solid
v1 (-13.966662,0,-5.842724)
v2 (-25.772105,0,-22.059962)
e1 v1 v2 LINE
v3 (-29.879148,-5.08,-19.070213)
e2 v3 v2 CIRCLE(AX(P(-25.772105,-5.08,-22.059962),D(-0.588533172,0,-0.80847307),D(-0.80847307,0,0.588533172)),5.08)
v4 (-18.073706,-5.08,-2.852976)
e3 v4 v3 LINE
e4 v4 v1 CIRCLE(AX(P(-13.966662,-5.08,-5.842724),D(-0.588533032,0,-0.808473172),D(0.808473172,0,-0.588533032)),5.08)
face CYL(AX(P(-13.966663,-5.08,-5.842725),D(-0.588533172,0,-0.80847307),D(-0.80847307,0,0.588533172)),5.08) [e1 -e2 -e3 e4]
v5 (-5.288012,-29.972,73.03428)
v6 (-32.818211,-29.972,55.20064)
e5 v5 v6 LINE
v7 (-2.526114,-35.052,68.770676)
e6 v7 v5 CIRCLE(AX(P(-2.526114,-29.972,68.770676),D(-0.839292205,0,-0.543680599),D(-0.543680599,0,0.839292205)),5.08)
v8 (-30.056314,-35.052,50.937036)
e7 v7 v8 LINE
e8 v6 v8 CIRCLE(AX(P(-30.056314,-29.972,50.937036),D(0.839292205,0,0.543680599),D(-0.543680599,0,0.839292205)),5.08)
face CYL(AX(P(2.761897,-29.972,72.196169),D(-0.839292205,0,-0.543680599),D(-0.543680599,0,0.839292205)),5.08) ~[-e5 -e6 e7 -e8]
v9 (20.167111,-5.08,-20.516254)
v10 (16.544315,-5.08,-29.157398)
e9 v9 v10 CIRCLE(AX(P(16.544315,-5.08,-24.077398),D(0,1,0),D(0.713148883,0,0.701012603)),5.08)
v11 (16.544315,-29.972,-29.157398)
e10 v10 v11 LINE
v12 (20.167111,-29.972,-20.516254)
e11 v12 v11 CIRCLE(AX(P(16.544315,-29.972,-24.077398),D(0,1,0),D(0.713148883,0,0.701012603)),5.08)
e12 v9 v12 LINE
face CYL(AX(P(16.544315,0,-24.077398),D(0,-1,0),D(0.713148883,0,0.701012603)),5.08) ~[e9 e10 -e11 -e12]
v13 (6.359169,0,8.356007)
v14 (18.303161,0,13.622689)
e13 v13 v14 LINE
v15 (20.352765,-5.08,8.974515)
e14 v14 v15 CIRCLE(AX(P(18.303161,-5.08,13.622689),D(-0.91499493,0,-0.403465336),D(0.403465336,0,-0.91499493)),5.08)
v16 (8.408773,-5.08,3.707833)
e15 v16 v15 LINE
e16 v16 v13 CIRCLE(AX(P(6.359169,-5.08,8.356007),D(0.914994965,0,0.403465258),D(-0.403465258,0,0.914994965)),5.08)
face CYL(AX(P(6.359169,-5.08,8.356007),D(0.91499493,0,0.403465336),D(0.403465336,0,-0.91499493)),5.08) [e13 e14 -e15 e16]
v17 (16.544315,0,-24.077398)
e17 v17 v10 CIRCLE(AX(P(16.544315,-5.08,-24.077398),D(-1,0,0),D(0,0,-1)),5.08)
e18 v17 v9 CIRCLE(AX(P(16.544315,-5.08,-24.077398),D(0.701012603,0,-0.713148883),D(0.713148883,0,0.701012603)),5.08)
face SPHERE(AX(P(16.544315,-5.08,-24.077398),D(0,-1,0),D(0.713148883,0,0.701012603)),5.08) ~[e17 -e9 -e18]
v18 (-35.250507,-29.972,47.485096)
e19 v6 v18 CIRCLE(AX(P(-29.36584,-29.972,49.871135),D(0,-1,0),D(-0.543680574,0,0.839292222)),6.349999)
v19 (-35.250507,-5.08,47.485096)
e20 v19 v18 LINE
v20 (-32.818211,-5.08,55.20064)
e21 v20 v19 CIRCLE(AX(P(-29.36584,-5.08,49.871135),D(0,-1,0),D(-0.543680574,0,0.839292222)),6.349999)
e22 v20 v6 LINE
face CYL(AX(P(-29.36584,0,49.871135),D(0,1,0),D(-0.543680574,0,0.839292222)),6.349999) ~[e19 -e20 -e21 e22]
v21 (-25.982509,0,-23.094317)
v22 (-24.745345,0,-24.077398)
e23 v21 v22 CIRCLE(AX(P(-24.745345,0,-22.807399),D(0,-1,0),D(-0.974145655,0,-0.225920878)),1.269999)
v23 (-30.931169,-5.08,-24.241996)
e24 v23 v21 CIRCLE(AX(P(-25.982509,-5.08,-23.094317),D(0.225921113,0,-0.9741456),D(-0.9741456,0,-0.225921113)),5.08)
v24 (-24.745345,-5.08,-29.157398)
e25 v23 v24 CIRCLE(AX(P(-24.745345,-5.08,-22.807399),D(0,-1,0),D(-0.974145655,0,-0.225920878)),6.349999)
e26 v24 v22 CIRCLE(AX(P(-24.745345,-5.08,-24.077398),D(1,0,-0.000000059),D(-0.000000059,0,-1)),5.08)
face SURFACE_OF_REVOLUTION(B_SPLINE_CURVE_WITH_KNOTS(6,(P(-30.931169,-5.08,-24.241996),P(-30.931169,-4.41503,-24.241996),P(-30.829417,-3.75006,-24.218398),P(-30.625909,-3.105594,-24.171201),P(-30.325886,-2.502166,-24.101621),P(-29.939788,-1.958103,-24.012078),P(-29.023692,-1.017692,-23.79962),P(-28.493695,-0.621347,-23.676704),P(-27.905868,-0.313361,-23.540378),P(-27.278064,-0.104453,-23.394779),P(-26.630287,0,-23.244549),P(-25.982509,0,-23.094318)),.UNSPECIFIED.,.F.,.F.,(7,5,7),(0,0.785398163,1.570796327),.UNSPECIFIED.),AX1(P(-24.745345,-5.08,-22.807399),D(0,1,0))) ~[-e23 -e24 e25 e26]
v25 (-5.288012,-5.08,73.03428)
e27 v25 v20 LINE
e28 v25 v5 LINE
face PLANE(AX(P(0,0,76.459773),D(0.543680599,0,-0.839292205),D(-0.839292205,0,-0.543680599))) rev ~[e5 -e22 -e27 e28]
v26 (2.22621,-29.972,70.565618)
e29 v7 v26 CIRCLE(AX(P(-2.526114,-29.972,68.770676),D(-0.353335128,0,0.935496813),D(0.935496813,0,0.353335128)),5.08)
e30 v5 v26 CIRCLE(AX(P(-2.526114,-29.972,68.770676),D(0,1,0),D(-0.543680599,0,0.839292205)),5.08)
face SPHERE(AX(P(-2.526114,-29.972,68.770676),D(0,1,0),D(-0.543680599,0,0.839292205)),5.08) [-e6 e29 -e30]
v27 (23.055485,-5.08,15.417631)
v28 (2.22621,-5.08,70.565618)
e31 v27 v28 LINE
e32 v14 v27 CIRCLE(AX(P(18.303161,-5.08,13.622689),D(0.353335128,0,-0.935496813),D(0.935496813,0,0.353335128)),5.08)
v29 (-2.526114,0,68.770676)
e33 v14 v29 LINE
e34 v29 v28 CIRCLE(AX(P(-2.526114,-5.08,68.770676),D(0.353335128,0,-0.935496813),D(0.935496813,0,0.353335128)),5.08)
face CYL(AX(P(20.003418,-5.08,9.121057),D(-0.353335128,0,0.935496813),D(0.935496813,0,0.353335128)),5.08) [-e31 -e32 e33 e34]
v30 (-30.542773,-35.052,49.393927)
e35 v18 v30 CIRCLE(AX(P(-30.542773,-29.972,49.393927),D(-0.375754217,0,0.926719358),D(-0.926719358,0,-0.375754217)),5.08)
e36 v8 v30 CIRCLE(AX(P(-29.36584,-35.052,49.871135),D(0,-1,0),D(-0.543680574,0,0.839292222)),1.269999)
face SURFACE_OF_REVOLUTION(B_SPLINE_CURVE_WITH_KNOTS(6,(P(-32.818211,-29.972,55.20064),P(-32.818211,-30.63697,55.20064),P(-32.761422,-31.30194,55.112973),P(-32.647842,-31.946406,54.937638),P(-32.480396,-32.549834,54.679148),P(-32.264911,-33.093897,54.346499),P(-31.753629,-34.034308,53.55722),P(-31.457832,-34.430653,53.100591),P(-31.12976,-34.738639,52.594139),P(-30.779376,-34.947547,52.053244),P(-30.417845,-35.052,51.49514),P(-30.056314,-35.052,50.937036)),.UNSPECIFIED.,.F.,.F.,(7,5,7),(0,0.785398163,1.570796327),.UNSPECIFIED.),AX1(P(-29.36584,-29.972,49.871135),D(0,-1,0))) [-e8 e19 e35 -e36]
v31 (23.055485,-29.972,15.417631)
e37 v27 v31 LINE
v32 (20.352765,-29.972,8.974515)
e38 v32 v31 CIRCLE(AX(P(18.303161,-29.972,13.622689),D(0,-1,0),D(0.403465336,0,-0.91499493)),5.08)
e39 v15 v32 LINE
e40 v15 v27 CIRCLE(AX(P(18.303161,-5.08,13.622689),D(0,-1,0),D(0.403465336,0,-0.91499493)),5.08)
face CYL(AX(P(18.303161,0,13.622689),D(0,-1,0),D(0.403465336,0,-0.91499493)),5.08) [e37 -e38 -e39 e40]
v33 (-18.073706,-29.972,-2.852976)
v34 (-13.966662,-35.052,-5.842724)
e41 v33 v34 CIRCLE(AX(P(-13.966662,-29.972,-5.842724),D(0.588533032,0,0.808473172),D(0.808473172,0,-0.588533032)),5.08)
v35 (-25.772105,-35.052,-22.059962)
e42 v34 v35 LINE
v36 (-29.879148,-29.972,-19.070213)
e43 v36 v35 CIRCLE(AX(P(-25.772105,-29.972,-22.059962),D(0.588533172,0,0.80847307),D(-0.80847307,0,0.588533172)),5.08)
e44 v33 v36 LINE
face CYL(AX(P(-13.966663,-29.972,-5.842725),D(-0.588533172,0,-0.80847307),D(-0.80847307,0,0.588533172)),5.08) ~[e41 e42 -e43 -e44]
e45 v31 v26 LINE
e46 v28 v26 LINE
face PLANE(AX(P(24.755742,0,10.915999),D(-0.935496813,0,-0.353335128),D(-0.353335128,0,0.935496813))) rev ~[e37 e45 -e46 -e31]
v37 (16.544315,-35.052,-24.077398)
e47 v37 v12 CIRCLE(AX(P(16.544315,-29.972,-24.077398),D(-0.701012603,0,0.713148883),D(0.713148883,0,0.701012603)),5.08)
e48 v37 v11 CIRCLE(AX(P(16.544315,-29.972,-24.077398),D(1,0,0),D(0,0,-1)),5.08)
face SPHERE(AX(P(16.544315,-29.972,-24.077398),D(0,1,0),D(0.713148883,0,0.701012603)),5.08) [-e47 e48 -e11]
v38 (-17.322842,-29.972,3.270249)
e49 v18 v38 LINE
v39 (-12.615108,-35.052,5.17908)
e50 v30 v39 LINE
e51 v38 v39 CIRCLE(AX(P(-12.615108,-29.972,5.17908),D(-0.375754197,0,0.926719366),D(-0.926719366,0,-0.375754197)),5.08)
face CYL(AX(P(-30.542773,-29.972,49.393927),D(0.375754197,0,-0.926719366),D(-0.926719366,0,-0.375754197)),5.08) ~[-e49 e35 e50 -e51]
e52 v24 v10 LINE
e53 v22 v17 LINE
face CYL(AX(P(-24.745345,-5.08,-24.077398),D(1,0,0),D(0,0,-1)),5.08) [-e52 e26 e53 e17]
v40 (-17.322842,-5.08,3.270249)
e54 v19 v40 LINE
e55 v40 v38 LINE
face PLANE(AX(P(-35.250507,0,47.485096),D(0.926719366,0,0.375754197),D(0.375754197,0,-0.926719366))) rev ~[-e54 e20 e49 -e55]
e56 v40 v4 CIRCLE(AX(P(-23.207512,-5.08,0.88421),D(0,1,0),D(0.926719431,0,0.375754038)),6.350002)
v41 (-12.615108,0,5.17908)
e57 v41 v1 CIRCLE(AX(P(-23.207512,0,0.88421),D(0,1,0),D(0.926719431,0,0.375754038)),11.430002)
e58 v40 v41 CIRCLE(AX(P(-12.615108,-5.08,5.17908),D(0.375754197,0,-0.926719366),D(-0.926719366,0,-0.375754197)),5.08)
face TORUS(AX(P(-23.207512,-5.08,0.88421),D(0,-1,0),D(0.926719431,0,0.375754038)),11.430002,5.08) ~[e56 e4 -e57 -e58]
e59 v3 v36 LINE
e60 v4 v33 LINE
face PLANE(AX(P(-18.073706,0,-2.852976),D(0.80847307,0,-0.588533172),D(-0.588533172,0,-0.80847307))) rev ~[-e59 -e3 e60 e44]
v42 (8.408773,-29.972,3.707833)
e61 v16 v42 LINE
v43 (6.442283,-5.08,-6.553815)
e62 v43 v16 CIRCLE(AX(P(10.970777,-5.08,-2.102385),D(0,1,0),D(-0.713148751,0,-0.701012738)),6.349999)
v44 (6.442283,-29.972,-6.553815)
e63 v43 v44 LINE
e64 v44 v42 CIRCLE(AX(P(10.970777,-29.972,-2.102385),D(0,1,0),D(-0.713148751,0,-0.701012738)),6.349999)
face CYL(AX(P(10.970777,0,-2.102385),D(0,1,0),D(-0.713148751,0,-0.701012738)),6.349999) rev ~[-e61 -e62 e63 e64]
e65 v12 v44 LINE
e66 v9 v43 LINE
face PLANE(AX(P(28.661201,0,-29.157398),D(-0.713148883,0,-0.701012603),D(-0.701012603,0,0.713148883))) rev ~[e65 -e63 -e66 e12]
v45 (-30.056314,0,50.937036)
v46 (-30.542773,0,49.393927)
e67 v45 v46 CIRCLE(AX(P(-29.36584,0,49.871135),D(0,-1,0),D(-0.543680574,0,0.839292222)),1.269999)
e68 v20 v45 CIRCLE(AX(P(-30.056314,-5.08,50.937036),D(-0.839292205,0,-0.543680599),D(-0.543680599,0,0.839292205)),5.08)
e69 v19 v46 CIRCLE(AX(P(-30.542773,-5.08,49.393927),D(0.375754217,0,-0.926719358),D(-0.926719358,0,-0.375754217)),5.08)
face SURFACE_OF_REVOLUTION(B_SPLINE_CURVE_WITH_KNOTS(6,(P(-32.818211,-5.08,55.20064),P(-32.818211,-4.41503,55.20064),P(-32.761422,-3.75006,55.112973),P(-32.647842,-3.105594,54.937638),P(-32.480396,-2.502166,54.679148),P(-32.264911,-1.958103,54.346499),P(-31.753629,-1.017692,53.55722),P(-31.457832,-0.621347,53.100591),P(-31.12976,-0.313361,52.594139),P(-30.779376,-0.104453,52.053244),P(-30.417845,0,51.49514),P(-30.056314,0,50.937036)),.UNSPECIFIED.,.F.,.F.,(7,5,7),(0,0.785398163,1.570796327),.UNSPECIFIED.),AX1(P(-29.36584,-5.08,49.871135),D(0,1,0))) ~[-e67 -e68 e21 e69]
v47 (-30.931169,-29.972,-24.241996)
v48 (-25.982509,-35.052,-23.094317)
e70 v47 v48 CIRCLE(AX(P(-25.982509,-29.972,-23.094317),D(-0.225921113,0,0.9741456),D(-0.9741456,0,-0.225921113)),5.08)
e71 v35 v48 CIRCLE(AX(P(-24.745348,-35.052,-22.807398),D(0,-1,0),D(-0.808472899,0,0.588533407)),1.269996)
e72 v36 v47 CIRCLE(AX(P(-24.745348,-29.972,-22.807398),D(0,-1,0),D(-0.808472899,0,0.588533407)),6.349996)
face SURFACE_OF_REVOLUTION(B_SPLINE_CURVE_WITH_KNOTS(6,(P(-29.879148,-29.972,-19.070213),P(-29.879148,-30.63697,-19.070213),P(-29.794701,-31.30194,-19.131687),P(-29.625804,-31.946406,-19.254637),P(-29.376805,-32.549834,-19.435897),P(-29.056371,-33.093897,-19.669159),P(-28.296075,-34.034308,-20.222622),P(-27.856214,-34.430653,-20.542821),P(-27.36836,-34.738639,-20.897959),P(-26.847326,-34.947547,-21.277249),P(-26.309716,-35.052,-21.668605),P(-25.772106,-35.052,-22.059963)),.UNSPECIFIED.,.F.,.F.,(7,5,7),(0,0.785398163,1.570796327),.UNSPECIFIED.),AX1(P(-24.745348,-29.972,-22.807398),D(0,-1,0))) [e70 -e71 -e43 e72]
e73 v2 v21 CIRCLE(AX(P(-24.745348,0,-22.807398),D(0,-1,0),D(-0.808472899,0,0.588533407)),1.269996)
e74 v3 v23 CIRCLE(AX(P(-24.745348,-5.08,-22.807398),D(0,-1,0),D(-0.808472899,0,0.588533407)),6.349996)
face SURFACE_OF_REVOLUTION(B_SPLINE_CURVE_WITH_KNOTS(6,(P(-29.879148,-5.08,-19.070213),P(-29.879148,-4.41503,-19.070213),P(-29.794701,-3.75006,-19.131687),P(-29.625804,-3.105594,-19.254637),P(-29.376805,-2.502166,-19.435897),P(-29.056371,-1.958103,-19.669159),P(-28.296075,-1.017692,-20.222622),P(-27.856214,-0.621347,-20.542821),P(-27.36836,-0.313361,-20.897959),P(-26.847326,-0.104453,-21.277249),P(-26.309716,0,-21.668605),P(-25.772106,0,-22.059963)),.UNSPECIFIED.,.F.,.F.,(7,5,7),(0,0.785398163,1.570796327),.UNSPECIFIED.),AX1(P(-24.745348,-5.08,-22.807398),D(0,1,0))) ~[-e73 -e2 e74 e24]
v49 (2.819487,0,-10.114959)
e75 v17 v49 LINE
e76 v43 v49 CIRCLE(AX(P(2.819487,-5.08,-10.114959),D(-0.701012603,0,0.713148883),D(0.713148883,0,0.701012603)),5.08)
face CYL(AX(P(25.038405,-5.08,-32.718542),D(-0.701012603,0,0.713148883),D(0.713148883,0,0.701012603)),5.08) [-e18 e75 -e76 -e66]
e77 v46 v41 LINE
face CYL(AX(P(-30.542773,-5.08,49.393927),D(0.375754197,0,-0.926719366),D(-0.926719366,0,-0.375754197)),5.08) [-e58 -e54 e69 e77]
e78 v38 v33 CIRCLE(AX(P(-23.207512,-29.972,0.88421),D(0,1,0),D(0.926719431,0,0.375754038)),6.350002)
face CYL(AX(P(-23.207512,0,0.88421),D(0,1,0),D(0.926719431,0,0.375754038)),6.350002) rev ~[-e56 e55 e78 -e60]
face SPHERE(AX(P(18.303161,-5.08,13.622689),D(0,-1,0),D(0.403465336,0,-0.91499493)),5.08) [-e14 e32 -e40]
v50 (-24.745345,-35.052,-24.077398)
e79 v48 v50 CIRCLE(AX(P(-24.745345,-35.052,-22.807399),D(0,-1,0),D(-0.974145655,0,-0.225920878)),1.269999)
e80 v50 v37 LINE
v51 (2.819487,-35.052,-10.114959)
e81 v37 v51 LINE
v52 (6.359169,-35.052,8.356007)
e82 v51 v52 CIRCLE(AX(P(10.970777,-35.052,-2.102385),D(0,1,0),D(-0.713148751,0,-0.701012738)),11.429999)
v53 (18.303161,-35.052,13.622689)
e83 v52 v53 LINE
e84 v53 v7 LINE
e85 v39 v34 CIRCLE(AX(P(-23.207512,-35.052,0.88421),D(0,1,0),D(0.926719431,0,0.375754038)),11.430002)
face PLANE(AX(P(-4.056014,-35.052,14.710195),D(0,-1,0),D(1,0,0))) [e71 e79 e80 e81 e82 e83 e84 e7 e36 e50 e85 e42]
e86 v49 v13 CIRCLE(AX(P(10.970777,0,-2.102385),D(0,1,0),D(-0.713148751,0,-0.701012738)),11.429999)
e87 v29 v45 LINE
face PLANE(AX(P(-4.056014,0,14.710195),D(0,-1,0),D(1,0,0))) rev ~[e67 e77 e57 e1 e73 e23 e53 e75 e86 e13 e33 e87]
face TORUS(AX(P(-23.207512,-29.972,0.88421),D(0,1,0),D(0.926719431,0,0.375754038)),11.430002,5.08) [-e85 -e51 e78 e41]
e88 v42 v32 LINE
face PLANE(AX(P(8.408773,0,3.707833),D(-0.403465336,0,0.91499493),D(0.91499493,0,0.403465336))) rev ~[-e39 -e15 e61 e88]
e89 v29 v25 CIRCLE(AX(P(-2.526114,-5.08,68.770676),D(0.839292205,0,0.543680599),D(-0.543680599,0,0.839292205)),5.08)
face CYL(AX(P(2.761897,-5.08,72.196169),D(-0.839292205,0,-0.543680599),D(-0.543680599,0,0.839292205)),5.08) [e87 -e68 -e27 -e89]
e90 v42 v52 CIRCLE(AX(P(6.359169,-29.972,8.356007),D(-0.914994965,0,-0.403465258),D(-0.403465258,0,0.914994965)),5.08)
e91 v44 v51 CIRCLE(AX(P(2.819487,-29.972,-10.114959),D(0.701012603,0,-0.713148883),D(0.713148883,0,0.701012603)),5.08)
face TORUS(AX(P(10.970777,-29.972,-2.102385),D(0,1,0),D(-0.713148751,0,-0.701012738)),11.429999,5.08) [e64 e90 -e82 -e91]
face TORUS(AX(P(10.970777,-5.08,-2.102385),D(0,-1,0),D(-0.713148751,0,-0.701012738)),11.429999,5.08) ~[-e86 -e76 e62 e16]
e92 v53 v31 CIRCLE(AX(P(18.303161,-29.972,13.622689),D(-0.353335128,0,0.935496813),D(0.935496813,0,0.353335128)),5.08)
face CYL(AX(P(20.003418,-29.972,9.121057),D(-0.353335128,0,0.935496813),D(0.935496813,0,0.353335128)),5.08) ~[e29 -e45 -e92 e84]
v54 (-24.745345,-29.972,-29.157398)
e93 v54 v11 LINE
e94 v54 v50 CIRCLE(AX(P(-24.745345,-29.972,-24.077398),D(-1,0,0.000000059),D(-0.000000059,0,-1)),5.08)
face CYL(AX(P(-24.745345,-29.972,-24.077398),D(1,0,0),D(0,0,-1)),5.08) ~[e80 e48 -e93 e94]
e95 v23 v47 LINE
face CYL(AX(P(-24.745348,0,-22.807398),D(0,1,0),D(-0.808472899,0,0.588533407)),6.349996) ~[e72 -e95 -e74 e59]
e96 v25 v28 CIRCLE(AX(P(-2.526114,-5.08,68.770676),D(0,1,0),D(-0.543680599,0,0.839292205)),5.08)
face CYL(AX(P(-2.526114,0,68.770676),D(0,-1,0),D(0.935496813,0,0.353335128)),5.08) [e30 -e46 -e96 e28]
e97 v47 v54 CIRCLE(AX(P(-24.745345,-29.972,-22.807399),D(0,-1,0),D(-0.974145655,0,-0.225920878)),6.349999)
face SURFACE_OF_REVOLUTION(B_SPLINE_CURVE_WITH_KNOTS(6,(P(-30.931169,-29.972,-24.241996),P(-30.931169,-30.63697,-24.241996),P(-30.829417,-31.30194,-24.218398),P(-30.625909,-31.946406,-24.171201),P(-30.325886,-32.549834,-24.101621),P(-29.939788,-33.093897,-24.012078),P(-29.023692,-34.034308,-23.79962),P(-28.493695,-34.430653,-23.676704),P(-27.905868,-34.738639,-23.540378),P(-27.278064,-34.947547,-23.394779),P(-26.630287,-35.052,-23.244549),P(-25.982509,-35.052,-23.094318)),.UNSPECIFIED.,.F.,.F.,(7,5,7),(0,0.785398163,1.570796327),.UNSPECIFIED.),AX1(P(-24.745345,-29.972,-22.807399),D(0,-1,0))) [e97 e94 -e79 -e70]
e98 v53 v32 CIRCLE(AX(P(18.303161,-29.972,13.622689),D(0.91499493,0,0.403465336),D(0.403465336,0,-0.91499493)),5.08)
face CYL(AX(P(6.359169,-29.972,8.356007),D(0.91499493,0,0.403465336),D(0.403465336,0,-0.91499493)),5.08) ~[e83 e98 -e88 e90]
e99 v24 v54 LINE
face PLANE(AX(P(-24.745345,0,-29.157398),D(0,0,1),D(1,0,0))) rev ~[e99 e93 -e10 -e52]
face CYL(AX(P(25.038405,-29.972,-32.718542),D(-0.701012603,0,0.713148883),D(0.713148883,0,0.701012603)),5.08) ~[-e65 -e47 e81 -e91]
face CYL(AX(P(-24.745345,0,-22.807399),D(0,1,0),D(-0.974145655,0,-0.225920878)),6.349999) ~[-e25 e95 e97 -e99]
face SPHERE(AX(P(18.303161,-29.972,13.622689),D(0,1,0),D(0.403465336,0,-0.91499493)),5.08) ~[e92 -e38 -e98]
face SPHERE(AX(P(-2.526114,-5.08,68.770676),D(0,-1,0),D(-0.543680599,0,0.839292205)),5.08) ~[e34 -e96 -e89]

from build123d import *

# Parameters (mm, degrees)
F1_DEPTH = 35.052
F2_R     = 5.08


with BuildPart() as f1:
    # F0 (on Front) → F1 (new body)
    with BuildSketch(Plane.XZ):
        with BuildLine():
            Line((28.661201, -29.157398), (6.442283, -6.553815))
            ThreePointArc((6.442283, -6.553815), (4.73426, -0.90725), (8.408773, 3.707833))
            Line((8.408773, 3.707833), (24.755742, 10.915999))
            Line((24.755742, 10.915999), (0, 76.459773))
            Line((0, 76.459773), (-32.818211, 55.20064))
            ThreePointArc((-32.818211, 55.20064), (-35.422033, 51.780327), (-35.250507, 47.485096))
            Line((-35.250507, 47.485096), (-17.322842, 3.270249))
            ThreePointArc((-17.322842, 3.270249), (-16.904721, 0.111327), (-18.073706, -2.852976))
            Line((-18.073706, -2.852976), (-29.879148, -19.070213))
            ThreePointArc((-29.879148, -19.070213), (-30.967911, -21.541632), (-30.931169, -24.241996))
            ThreePointArc((-30.931169, -24.241996), (-28.695838, -27.778927), (-24.745345, -29.157398))
            Line((-24.745345, -29.157398), (28.661201, -29.157398))
        make_face()
    extrude(amount=F1_DEPTH)

    # F2
    f2_edges = [f1.edges().sort_by_distance(p)[0] for p in [
        (0, -17.526, 76.459773),
        (24.755742, -17.526, 10.915999),
        (-18.073706, -17.526, -2.852976),
        (-29.879148, -17.526, -19.070213),
        (-23.976427, 0, -10.961594),
        (-23.976427, -35.052, -10.961594),
        (28.661201, -17.526, -29.157398),
        (6.442283, -17.526, -6.553815),
        (17.551742, 0, -17.855606),
        (17.551742, -35.052, -17.855606),
        (12.377871, 0, 43.687886),
        (12.377871, -35.052, 43.687886),
    ]]
    fillet(f2_edges, radius=F2_R)


solid = f1.part
